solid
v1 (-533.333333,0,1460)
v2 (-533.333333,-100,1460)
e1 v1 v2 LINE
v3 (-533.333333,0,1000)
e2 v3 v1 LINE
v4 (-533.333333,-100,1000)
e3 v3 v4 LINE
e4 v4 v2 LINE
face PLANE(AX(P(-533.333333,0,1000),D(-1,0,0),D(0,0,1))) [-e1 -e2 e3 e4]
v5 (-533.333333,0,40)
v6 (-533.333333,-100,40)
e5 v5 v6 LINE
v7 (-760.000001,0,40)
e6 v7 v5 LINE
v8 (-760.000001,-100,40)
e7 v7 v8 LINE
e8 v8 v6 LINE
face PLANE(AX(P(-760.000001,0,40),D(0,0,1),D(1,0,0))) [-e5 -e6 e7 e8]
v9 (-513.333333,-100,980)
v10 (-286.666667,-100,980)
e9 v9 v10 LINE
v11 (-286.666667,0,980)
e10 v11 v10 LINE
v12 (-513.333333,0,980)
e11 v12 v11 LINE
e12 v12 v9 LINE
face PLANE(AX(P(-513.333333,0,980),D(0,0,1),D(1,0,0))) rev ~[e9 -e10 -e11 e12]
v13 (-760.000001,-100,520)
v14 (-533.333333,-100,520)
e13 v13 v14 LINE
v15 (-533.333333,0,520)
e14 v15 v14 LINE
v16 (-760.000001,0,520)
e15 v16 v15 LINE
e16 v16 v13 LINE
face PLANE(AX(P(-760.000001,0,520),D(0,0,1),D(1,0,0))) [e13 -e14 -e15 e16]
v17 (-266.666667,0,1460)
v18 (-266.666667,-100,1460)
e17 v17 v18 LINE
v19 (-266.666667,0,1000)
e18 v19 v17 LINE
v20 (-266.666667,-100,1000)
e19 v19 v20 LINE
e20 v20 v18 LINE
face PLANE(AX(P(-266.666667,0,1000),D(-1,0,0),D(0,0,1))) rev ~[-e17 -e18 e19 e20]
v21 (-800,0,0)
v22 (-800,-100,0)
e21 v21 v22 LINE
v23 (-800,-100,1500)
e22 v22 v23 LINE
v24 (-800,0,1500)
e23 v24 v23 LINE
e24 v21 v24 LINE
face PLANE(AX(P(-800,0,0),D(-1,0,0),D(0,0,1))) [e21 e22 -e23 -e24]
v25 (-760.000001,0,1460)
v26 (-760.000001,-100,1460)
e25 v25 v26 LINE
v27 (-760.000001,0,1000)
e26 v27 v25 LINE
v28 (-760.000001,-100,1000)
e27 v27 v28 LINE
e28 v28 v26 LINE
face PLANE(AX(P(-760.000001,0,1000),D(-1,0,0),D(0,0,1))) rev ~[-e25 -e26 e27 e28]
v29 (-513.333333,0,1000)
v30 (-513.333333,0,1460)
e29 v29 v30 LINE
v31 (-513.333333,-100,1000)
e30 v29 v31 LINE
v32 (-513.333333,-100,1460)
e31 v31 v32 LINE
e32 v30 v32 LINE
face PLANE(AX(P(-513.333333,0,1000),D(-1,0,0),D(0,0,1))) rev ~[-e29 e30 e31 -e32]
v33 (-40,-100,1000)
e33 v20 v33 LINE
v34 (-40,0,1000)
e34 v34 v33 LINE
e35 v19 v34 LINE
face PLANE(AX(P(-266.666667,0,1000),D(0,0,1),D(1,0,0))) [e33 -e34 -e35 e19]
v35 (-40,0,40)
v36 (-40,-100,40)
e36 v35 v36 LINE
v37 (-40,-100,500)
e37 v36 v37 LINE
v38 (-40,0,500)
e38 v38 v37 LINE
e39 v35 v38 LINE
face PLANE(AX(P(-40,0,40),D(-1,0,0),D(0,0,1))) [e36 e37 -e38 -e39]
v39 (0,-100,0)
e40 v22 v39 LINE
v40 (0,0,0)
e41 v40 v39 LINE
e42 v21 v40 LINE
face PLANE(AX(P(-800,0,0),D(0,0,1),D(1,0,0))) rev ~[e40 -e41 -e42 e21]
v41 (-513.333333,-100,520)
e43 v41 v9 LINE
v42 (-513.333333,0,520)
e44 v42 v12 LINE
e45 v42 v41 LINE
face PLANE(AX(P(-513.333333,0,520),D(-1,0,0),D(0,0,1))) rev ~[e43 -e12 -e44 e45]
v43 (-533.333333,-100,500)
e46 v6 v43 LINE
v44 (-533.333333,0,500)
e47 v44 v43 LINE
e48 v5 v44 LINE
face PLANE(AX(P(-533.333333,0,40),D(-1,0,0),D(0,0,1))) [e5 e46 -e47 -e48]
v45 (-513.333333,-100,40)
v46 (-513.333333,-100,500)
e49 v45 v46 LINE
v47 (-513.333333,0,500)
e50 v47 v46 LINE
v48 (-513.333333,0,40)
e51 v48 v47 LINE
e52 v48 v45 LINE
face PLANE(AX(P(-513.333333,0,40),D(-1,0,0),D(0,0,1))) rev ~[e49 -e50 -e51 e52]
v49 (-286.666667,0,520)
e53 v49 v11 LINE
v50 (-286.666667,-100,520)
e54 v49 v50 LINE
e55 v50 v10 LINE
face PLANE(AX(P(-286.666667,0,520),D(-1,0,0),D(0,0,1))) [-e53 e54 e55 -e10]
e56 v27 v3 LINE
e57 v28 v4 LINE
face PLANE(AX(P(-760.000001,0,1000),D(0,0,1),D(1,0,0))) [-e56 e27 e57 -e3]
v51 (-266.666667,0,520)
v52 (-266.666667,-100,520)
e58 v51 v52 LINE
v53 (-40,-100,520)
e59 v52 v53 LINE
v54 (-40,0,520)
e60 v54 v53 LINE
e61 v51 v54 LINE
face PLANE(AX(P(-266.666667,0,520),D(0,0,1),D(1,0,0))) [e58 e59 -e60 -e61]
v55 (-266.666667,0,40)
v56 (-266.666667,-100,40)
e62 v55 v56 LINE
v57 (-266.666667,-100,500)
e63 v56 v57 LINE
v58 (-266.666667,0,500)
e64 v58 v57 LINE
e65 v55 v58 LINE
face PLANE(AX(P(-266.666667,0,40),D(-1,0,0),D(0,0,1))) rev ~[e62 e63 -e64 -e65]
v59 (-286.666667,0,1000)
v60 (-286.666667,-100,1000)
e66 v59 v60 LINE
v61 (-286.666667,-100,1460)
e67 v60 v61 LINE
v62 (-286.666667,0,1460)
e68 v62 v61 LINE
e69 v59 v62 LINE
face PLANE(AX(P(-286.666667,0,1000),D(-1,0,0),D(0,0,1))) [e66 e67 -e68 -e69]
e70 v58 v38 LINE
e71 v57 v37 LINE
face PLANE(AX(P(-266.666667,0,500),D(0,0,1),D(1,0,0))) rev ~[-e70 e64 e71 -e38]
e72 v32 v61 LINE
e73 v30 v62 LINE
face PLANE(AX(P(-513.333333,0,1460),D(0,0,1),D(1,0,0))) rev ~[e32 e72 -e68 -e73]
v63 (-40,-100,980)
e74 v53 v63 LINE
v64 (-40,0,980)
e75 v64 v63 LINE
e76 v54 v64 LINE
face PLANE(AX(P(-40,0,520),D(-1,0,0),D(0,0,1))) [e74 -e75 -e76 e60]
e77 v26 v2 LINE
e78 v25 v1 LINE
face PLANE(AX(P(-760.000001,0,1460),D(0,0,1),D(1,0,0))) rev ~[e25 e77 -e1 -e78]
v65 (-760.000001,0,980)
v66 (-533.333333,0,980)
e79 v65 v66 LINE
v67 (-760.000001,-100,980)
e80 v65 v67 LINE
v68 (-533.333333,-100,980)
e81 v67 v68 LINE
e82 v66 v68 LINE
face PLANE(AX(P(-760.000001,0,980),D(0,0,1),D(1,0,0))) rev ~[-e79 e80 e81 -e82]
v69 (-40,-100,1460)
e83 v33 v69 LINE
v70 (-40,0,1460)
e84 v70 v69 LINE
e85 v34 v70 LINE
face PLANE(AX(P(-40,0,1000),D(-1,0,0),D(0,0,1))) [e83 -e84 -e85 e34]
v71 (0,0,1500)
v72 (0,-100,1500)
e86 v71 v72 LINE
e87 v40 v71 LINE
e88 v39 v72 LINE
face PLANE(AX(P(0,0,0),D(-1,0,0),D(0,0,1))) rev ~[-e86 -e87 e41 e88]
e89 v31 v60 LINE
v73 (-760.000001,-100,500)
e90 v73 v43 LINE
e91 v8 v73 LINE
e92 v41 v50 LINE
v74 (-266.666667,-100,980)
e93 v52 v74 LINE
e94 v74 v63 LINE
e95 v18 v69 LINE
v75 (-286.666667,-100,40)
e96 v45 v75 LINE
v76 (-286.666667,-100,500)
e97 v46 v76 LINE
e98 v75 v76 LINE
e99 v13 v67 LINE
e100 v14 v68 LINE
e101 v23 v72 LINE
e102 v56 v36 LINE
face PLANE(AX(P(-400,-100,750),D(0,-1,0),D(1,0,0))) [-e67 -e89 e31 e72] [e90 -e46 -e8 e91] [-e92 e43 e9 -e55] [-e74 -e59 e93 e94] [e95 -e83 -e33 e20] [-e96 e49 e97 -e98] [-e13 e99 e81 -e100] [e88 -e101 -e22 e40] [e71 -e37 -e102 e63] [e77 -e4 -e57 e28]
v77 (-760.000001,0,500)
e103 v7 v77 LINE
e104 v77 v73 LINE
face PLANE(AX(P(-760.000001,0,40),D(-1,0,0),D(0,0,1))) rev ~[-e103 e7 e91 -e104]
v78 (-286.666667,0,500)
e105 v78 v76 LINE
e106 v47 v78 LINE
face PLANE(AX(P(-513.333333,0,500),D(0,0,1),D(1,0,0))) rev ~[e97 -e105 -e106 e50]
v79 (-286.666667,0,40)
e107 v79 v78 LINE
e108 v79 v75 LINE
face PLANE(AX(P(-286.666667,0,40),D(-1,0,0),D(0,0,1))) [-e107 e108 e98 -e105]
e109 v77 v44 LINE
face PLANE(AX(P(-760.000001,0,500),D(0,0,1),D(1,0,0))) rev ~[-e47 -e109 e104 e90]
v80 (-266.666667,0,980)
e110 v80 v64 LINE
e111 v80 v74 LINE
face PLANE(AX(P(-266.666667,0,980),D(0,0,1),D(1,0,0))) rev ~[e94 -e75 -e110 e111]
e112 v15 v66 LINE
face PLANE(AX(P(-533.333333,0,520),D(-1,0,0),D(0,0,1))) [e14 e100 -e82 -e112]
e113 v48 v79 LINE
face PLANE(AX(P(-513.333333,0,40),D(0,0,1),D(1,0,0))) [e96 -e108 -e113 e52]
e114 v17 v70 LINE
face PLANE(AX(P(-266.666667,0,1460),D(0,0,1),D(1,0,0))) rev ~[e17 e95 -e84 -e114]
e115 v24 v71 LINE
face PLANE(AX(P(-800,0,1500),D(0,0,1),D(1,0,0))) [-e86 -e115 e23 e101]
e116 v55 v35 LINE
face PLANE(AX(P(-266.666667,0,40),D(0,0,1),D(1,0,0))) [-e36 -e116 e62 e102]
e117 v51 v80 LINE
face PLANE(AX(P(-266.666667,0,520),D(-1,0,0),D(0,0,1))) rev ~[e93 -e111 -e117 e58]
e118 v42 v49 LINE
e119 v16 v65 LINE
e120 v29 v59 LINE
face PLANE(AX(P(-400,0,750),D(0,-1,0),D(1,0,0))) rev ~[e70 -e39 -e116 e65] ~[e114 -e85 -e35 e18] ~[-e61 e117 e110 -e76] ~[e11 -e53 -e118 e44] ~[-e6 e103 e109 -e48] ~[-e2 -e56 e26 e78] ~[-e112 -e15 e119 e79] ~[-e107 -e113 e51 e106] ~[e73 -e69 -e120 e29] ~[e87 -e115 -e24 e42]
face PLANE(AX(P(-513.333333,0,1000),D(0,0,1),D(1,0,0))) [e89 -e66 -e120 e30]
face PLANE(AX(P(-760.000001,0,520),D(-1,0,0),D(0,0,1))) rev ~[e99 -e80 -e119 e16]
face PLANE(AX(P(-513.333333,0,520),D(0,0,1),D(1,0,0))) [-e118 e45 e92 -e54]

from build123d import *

# Parameters (mm, degrees)
F0_W     = 800
F0_H     = 1500
F0_W_2   = 226.666667
F0_H_2   = 460
F0_W_3   = 226.666666
F1_DEPTH = 100


with BuildPart() as f1:
    # F0 (on Front) → F1 (new body)
    with BuildSketch(Plane.XZ):
        with Locations((-400, 750)):
            Rectangle(F0_W, F0_H)
        with Locations((-646.666667, 270)):
            Rectangle(F0_W_2, F0_H_2, mode=Mode.SUBTRACT)
        with Locations((-400, 270)):
            Rectangle(F0_W_3, F0_H_2, mode=Mode.SUBTRACT)
        with Locations((-153.333333, 270)):
            Rectangle(F0_W_2, F0_H_2, mode=Mode.SUBTRACT)
        with Locations((-646.666667, 750)):
            Rectangle(F0_W_2, F0_H_2, mode=Mode.SUBTRACT)
        with Locations((-646.666667, 1230)):
            Rectangle(F0_W_2, F0_H_2, mode=Mode.SUBTRACT)
        with Locations((-400, 750)):
            Rectangle(F0_W_3, F0_H_2, mode=Mode.SUBTRACT)
        with Locations((-153.333333, 750)):
            Rectangle(F0_W_2, F0_H_2, mode=Mode.SUBTRACT)
        with Locations((-400, 1230)):
            Rectangle(F0_W_3, F0_H_2, mode=Mode.SUBTRACT)
        with Locations((-153.333333, 1230)):
            Rectangle(F0_W_2, F0_H_2, mode=Mode.SUBTRACT)
    extrude(amount=F1_DEPTH)


solid = f1.part
